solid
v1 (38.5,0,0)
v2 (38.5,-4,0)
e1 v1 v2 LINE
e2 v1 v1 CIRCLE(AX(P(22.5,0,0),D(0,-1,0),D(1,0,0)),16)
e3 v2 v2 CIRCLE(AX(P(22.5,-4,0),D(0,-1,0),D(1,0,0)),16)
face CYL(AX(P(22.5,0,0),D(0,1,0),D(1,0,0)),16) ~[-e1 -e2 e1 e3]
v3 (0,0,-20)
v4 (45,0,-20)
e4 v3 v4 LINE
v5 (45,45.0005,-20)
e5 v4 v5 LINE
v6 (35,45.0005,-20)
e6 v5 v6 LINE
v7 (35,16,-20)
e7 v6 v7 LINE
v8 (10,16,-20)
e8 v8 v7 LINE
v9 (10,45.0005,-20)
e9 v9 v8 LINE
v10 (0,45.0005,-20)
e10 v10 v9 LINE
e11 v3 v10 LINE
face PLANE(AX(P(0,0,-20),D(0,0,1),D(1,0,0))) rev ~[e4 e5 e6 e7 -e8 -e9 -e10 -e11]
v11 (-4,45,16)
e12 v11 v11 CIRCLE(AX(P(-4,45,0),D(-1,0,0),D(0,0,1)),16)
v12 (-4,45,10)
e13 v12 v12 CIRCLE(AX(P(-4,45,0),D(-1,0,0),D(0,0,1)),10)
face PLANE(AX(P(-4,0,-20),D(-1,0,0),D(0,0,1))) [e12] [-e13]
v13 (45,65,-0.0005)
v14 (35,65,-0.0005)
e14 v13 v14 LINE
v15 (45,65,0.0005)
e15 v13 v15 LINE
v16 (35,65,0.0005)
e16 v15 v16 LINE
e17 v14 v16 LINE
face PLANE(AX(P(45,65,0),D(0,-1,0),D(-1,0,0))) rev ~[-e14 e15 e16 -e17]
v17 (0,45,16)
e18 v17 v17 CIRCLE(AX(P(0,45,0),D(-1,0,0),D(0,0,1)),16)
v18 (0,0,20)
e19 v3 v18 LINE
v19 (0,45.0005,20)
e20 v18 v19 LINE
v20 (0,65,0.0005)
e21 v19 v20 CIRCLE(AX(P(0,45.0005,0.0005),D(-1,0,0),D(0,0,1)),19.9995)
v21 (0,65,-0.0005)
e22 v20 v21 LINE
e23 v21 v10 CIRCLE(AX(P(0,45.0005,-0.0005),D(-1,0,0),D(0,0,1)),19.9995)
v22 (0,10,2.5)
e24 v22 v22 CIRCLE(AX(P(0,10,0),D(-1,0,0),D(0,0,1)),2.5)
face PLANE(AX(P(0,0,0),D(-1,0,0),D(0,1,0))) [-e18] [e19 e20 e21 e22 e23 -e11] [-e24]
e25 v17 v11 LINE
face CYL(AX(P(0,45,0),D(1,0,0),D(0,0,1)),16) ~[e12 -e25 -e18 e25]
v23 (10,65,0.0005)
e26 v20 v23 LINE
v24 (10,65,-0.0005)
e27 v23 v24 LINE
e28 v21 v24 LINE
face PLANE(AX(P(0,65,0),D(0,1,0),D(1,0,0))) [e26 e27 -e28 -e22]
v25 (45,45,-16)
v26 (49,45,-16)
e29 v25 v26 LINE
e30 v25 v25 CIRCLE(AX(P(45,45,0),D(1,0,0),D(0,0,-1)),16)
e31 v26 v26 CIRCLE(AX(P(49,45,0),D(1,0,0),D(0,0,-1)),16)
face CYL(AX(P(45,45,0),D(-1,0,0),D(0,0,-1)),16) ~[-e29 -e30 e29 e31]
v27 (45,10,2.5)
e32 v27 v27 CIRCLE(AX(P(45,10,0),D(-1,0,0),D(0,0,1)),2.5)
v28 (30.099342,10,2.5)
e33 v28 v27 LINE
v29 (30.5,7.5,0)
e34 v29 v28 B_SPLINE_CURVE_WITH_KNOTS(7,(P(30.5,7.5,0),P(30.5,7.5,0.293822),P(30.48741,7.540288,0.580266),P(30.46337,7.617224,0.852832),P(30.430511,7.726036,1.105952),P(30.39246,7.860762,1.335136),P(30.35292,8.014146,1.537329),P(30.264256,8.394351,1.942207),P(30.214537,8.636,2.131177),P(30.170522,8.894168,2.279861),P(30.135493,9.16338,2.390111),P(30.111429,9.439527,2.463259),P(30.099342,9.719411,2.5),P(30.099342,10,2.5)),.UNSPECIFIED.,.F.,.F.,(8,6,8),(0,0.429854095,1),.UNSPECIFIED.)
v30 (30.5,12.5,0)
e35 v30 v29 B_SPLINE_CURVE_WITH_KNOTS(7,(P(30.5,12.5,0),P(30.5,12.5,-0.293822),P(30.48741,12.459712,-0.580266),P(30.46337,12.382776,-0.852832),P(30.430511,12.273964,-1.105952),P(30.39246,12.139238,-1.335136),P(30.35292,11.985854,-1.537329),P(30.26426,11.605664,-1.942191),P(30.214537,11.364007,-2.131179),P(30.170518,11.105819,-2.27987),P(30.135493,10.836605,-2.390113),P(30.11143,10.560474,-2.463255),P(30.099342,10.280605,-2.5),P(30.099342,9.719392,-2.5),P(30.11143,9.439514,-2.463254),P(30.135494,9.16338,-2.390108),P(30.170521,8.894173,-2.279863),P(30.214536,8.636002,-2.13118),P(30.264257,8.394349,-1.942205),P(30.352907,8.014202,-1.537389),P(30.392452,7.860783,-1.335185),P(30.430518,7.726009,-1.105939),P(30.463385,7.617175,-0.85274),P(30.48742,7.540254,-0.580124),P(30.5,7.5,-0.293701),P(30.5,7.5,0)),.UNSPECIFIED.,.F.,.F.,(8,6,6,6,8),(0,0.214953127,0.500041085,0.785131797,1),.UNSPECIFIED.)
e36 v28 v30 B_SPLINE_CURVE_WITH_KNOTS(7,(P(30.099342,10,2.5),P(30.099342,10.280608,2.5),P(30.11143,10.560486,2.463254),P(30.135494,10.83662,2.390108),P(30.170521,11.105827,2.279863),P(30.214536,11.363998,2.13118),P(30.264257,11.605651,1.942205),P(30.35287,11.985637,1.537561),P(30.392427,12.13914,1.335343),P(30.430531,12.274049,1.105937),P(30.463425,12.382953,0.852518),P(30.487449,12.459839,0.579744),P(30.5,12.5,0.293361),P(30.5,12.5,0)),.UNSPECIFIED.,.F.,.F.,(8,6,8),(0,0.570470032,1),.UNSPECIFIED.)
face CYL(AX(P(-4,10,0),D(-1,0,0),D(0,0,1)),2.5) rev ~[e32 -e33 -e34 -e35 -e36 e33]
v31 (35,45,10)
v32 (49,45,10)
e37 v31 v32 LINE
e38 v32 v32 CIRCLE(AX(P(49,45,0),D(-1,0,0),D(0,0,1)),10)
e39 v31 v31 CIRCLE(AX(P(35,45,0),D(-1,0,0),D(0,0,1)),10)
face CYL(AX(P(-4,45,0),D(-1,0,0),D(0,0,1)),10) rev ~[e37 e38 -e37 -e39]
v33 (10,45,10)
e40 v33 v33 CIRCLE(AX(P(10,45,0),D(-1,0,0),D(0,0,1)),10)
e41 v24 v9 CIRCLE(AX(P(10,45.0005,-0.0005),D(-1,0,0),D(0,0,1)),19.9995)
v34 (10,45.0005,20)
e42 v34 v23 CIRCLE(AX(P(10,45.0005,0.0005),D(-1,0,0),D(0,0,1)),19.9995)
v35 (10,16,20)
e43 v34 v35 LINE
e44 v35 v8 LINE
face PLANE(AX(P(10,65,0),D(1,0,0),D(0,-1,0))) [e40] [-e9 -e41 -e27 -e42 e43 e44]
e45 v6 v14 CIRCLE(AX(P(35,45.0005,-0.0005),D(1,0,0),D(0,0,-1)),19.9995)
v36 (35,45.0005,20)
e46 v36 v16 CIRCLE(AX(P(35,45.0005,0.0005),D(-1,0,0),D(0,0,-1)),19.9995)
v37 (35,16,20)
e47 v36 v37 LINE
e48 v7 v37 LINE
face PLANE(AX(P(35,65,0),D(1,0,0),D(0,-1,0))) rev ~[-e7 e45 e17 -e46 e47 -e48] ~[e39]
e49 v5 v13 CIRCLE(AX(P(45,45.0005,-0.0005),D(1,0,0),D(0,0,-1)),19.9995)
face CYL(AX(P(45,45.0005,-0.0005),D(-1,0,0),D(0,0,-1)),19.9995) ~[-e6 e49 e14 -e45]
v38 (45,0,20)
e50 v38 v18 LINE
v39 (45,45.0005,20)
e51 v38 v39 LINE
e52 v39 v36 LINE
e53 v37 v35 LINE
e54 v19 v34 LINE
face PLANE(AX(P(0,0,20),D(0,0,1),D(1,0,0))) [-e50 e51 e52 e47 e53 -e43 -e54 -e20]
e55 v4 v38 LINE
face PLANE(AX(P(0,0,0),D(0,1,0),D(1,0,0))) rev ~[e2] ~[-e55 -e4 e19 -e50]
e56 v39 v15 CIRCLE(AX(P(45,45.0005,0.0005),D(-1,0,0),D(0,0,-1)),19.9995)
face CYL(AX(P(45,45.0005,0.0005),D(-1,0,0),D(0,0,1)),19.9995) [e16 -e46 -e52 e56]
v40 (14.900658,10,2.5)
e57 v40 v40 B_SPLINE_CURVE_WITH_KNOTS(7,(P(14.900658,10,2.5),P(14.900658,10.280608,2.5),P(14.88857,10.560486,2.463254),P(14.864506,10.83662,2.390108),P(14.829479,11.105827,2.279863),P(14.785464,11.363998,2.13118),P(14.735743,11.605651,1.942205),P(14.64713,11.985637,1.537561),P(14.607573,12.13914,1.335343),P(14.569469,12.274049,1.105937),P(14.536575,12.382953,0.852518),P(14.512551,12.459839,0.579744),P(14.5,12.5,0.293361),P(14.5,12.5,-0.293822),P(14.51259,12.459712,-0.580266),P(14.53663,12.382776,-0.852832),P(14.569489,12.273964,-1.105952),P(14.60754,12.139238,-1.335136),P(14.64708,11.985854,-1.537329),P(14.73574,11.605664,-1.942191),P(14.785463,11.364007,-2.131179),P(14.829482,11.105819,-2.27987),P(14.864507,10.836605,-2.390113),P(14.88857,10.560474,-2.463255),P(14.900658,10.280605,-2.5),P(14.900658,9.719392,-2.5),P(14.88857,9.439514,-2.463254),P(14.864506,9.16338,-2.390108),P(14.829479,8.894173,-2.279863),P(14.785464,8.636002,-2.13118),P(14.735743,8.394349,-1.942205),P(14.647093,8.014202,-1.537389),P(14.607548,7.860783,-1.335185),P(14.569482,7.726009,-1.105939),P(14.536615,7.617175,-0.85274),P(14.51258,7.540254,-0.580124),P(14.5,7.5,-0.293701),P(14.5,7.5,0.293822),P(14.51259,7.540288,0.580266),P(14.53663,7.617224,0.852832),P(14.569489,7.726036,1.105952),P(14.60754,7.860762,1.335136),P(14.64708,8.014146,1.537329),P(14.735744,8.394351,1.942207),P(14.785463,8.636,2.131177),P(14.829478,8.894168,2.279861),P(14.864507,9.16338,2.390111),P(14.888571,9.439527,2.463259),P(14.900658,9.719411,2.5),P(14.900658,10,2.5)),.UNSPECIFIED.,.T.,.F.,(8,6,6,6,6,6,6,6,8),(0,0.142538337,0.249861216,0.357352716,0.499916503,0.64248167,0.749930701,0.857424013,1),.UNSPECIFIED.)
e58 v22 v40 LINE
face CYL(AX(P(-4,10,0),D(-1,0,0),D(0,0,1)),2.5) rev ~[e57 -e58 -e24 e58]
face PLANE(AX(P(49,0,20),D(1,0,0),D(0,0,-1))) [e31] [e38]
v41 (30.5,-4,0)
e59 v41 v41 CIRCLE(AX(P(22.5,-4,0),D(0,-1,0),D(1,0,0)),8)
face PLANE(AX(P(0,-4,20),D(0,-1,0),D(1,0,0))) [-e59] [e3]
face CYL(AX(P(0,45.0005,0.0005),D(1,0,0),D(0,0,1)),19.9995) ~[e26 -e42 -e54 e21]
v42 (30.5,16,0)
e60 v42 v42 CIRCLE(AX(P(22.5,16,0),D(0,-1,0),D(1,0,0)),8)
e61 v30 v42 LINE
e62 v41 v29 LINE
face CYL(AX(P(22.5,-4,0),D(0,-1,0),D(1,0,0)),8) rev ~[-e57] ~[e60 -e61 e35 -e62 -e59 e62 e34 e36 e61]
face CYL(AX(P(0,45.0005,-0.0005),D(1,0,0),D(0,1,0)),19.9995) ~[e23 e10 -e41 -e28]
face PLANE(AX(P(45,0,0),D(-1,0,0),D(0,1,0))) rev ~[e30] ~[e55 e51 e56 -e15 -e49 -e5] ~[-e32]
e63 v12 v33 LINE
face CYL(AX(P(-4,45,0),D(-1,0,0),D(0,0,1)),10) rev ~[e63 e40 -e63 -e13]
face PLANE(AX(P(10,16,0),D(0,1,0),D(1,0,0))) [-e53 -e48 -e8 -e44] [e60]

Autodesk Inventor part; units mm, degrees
ref_plane "YZ Plane" through (0, 0, 0) normal (1, 0, 0) x (0, 1, 0)
ref_plane "XZ Plane" through (0, 0, 0) normal (0, 1, 0) x (-1, 0, 0)
ref_plane "XY Plane" through (0, 0, 0) normal (0, 0, 1) x (1, 0, 0)
sketch "Sketch1" plane through (0, 0, 0) normal (0, 0, 1) x (1, 0, 0)
  line L0 (0, 0) -> (45, 0)
  line L1 (0, 0) -> (0, 65)
  line L2 (0, 65) -> (10, 65)
  line L3 (10, 65) -> (10, 16)
  line L4 (10, 16) -> (22.5, 16)
  line L5 (22.5, 71) -> (22.5, -20)
  line L6 (45, 0) -> (45, 65)
  line L7 (45, 65) -> (35, 65)
  line L8 (35, 65) -> (35, 16)
  line L9 (35, 16) -> (22.5, 16)
  dimension "d1" = 45
  dimension "d2" = 65
  dimension "d3" = 10
  dimension "d4" = 16
  dimension "d5" = 22.5
extrude "Extrusion1" add sketch "Sketch1" along normal mid plane 40
sketch "Sketch2" plane through (0, 0, 20) normal (0, -1, 0) x (1, 0, 0)
  circle A0 centre (22.5, -20) radius 16
  line L0 (0, 0) -> (45, 0) projected
  line L1 (0, -40) -> (0, 0) projected
  point P0 (0, -20)
  dimension "d8" = 32
  dimension "d9" = 20
  dimension "d10" = 22.5
extrude "Extrusion2" add sketch "Sketch2" along normal blind 4
fillet "Fillet1" radius 20 4 edges at (5, 65, -20) (5, 65, 20) (40, 65, 20) (40, 65, -20)
sketch "Sketch3" plane through (22.5, -4, 0) normal (0, -1, 0) x (1, 0, 0)
  circle A0 centre (0, 0) radius 16 projected
  circle A1 centre (0, 0) radius 8
  point P0 (-22.5, 0)
  dimension "d14" = 16
extrude "Extrusion3" cut sketch "Sketch3" against normal through all contours A1
sketch "Sketch4" plane through (0, 0, -20) normal (-1, 0, 0) x (0, 0, 1)
  circle A0 centre (20, 45) radius 16
  line L0 (4, -4) -> (36, -4) projected
  line L1 (40, 45) -> (40, 0) projected
  point P0 (20, 0)
  dimension "d17" = 32
  dimension "d18" = 49
  dimension "d19" = 20
extrude "Extrusion4" add sketch "Sketch4" along normal blind 4
sketch "Sketch5" plane through (45, 0, 20) normal (1, 0, 0) x (0, 0, -1)
  circle A0 centre (20, 45) radius 16
  line L0 (4, -4) -> (36, -4) projected
  line L1 (0, 0) -> (0, 45) projected
  point P0 (20, 0)
  dimension "d22" = 32
  dimension "d23" = 49
  dimension "d24" = 20
extrude "Extrusion5" add sketch "Sketch5" along normal blind 4
sketch "Sketch6" plane through (-4, 45, 0) normal (-1, 0, 0) x (0, 0, 1)
  circle A0 centre (0, 0) radius 16 projected
  circle A1 centre (0, 0) radius 10
  circle A2 centre (0, -35) radius 2.5
  line L0 (-20, -45) -> (20, -45) projected
  line L1 (-20, -45) -> (-20, 0) projected
  point P0 (0, -45)
  dimension "d27" = 20
  dimension "d28" = 5
  dimension "d29" = 10
  dimension "d30" = 20
extrude "Extrusion6" cut sketch "Sketch6" against normal through all contours A1 | A2
equation "\"d5\" = 0.5 * d1"
